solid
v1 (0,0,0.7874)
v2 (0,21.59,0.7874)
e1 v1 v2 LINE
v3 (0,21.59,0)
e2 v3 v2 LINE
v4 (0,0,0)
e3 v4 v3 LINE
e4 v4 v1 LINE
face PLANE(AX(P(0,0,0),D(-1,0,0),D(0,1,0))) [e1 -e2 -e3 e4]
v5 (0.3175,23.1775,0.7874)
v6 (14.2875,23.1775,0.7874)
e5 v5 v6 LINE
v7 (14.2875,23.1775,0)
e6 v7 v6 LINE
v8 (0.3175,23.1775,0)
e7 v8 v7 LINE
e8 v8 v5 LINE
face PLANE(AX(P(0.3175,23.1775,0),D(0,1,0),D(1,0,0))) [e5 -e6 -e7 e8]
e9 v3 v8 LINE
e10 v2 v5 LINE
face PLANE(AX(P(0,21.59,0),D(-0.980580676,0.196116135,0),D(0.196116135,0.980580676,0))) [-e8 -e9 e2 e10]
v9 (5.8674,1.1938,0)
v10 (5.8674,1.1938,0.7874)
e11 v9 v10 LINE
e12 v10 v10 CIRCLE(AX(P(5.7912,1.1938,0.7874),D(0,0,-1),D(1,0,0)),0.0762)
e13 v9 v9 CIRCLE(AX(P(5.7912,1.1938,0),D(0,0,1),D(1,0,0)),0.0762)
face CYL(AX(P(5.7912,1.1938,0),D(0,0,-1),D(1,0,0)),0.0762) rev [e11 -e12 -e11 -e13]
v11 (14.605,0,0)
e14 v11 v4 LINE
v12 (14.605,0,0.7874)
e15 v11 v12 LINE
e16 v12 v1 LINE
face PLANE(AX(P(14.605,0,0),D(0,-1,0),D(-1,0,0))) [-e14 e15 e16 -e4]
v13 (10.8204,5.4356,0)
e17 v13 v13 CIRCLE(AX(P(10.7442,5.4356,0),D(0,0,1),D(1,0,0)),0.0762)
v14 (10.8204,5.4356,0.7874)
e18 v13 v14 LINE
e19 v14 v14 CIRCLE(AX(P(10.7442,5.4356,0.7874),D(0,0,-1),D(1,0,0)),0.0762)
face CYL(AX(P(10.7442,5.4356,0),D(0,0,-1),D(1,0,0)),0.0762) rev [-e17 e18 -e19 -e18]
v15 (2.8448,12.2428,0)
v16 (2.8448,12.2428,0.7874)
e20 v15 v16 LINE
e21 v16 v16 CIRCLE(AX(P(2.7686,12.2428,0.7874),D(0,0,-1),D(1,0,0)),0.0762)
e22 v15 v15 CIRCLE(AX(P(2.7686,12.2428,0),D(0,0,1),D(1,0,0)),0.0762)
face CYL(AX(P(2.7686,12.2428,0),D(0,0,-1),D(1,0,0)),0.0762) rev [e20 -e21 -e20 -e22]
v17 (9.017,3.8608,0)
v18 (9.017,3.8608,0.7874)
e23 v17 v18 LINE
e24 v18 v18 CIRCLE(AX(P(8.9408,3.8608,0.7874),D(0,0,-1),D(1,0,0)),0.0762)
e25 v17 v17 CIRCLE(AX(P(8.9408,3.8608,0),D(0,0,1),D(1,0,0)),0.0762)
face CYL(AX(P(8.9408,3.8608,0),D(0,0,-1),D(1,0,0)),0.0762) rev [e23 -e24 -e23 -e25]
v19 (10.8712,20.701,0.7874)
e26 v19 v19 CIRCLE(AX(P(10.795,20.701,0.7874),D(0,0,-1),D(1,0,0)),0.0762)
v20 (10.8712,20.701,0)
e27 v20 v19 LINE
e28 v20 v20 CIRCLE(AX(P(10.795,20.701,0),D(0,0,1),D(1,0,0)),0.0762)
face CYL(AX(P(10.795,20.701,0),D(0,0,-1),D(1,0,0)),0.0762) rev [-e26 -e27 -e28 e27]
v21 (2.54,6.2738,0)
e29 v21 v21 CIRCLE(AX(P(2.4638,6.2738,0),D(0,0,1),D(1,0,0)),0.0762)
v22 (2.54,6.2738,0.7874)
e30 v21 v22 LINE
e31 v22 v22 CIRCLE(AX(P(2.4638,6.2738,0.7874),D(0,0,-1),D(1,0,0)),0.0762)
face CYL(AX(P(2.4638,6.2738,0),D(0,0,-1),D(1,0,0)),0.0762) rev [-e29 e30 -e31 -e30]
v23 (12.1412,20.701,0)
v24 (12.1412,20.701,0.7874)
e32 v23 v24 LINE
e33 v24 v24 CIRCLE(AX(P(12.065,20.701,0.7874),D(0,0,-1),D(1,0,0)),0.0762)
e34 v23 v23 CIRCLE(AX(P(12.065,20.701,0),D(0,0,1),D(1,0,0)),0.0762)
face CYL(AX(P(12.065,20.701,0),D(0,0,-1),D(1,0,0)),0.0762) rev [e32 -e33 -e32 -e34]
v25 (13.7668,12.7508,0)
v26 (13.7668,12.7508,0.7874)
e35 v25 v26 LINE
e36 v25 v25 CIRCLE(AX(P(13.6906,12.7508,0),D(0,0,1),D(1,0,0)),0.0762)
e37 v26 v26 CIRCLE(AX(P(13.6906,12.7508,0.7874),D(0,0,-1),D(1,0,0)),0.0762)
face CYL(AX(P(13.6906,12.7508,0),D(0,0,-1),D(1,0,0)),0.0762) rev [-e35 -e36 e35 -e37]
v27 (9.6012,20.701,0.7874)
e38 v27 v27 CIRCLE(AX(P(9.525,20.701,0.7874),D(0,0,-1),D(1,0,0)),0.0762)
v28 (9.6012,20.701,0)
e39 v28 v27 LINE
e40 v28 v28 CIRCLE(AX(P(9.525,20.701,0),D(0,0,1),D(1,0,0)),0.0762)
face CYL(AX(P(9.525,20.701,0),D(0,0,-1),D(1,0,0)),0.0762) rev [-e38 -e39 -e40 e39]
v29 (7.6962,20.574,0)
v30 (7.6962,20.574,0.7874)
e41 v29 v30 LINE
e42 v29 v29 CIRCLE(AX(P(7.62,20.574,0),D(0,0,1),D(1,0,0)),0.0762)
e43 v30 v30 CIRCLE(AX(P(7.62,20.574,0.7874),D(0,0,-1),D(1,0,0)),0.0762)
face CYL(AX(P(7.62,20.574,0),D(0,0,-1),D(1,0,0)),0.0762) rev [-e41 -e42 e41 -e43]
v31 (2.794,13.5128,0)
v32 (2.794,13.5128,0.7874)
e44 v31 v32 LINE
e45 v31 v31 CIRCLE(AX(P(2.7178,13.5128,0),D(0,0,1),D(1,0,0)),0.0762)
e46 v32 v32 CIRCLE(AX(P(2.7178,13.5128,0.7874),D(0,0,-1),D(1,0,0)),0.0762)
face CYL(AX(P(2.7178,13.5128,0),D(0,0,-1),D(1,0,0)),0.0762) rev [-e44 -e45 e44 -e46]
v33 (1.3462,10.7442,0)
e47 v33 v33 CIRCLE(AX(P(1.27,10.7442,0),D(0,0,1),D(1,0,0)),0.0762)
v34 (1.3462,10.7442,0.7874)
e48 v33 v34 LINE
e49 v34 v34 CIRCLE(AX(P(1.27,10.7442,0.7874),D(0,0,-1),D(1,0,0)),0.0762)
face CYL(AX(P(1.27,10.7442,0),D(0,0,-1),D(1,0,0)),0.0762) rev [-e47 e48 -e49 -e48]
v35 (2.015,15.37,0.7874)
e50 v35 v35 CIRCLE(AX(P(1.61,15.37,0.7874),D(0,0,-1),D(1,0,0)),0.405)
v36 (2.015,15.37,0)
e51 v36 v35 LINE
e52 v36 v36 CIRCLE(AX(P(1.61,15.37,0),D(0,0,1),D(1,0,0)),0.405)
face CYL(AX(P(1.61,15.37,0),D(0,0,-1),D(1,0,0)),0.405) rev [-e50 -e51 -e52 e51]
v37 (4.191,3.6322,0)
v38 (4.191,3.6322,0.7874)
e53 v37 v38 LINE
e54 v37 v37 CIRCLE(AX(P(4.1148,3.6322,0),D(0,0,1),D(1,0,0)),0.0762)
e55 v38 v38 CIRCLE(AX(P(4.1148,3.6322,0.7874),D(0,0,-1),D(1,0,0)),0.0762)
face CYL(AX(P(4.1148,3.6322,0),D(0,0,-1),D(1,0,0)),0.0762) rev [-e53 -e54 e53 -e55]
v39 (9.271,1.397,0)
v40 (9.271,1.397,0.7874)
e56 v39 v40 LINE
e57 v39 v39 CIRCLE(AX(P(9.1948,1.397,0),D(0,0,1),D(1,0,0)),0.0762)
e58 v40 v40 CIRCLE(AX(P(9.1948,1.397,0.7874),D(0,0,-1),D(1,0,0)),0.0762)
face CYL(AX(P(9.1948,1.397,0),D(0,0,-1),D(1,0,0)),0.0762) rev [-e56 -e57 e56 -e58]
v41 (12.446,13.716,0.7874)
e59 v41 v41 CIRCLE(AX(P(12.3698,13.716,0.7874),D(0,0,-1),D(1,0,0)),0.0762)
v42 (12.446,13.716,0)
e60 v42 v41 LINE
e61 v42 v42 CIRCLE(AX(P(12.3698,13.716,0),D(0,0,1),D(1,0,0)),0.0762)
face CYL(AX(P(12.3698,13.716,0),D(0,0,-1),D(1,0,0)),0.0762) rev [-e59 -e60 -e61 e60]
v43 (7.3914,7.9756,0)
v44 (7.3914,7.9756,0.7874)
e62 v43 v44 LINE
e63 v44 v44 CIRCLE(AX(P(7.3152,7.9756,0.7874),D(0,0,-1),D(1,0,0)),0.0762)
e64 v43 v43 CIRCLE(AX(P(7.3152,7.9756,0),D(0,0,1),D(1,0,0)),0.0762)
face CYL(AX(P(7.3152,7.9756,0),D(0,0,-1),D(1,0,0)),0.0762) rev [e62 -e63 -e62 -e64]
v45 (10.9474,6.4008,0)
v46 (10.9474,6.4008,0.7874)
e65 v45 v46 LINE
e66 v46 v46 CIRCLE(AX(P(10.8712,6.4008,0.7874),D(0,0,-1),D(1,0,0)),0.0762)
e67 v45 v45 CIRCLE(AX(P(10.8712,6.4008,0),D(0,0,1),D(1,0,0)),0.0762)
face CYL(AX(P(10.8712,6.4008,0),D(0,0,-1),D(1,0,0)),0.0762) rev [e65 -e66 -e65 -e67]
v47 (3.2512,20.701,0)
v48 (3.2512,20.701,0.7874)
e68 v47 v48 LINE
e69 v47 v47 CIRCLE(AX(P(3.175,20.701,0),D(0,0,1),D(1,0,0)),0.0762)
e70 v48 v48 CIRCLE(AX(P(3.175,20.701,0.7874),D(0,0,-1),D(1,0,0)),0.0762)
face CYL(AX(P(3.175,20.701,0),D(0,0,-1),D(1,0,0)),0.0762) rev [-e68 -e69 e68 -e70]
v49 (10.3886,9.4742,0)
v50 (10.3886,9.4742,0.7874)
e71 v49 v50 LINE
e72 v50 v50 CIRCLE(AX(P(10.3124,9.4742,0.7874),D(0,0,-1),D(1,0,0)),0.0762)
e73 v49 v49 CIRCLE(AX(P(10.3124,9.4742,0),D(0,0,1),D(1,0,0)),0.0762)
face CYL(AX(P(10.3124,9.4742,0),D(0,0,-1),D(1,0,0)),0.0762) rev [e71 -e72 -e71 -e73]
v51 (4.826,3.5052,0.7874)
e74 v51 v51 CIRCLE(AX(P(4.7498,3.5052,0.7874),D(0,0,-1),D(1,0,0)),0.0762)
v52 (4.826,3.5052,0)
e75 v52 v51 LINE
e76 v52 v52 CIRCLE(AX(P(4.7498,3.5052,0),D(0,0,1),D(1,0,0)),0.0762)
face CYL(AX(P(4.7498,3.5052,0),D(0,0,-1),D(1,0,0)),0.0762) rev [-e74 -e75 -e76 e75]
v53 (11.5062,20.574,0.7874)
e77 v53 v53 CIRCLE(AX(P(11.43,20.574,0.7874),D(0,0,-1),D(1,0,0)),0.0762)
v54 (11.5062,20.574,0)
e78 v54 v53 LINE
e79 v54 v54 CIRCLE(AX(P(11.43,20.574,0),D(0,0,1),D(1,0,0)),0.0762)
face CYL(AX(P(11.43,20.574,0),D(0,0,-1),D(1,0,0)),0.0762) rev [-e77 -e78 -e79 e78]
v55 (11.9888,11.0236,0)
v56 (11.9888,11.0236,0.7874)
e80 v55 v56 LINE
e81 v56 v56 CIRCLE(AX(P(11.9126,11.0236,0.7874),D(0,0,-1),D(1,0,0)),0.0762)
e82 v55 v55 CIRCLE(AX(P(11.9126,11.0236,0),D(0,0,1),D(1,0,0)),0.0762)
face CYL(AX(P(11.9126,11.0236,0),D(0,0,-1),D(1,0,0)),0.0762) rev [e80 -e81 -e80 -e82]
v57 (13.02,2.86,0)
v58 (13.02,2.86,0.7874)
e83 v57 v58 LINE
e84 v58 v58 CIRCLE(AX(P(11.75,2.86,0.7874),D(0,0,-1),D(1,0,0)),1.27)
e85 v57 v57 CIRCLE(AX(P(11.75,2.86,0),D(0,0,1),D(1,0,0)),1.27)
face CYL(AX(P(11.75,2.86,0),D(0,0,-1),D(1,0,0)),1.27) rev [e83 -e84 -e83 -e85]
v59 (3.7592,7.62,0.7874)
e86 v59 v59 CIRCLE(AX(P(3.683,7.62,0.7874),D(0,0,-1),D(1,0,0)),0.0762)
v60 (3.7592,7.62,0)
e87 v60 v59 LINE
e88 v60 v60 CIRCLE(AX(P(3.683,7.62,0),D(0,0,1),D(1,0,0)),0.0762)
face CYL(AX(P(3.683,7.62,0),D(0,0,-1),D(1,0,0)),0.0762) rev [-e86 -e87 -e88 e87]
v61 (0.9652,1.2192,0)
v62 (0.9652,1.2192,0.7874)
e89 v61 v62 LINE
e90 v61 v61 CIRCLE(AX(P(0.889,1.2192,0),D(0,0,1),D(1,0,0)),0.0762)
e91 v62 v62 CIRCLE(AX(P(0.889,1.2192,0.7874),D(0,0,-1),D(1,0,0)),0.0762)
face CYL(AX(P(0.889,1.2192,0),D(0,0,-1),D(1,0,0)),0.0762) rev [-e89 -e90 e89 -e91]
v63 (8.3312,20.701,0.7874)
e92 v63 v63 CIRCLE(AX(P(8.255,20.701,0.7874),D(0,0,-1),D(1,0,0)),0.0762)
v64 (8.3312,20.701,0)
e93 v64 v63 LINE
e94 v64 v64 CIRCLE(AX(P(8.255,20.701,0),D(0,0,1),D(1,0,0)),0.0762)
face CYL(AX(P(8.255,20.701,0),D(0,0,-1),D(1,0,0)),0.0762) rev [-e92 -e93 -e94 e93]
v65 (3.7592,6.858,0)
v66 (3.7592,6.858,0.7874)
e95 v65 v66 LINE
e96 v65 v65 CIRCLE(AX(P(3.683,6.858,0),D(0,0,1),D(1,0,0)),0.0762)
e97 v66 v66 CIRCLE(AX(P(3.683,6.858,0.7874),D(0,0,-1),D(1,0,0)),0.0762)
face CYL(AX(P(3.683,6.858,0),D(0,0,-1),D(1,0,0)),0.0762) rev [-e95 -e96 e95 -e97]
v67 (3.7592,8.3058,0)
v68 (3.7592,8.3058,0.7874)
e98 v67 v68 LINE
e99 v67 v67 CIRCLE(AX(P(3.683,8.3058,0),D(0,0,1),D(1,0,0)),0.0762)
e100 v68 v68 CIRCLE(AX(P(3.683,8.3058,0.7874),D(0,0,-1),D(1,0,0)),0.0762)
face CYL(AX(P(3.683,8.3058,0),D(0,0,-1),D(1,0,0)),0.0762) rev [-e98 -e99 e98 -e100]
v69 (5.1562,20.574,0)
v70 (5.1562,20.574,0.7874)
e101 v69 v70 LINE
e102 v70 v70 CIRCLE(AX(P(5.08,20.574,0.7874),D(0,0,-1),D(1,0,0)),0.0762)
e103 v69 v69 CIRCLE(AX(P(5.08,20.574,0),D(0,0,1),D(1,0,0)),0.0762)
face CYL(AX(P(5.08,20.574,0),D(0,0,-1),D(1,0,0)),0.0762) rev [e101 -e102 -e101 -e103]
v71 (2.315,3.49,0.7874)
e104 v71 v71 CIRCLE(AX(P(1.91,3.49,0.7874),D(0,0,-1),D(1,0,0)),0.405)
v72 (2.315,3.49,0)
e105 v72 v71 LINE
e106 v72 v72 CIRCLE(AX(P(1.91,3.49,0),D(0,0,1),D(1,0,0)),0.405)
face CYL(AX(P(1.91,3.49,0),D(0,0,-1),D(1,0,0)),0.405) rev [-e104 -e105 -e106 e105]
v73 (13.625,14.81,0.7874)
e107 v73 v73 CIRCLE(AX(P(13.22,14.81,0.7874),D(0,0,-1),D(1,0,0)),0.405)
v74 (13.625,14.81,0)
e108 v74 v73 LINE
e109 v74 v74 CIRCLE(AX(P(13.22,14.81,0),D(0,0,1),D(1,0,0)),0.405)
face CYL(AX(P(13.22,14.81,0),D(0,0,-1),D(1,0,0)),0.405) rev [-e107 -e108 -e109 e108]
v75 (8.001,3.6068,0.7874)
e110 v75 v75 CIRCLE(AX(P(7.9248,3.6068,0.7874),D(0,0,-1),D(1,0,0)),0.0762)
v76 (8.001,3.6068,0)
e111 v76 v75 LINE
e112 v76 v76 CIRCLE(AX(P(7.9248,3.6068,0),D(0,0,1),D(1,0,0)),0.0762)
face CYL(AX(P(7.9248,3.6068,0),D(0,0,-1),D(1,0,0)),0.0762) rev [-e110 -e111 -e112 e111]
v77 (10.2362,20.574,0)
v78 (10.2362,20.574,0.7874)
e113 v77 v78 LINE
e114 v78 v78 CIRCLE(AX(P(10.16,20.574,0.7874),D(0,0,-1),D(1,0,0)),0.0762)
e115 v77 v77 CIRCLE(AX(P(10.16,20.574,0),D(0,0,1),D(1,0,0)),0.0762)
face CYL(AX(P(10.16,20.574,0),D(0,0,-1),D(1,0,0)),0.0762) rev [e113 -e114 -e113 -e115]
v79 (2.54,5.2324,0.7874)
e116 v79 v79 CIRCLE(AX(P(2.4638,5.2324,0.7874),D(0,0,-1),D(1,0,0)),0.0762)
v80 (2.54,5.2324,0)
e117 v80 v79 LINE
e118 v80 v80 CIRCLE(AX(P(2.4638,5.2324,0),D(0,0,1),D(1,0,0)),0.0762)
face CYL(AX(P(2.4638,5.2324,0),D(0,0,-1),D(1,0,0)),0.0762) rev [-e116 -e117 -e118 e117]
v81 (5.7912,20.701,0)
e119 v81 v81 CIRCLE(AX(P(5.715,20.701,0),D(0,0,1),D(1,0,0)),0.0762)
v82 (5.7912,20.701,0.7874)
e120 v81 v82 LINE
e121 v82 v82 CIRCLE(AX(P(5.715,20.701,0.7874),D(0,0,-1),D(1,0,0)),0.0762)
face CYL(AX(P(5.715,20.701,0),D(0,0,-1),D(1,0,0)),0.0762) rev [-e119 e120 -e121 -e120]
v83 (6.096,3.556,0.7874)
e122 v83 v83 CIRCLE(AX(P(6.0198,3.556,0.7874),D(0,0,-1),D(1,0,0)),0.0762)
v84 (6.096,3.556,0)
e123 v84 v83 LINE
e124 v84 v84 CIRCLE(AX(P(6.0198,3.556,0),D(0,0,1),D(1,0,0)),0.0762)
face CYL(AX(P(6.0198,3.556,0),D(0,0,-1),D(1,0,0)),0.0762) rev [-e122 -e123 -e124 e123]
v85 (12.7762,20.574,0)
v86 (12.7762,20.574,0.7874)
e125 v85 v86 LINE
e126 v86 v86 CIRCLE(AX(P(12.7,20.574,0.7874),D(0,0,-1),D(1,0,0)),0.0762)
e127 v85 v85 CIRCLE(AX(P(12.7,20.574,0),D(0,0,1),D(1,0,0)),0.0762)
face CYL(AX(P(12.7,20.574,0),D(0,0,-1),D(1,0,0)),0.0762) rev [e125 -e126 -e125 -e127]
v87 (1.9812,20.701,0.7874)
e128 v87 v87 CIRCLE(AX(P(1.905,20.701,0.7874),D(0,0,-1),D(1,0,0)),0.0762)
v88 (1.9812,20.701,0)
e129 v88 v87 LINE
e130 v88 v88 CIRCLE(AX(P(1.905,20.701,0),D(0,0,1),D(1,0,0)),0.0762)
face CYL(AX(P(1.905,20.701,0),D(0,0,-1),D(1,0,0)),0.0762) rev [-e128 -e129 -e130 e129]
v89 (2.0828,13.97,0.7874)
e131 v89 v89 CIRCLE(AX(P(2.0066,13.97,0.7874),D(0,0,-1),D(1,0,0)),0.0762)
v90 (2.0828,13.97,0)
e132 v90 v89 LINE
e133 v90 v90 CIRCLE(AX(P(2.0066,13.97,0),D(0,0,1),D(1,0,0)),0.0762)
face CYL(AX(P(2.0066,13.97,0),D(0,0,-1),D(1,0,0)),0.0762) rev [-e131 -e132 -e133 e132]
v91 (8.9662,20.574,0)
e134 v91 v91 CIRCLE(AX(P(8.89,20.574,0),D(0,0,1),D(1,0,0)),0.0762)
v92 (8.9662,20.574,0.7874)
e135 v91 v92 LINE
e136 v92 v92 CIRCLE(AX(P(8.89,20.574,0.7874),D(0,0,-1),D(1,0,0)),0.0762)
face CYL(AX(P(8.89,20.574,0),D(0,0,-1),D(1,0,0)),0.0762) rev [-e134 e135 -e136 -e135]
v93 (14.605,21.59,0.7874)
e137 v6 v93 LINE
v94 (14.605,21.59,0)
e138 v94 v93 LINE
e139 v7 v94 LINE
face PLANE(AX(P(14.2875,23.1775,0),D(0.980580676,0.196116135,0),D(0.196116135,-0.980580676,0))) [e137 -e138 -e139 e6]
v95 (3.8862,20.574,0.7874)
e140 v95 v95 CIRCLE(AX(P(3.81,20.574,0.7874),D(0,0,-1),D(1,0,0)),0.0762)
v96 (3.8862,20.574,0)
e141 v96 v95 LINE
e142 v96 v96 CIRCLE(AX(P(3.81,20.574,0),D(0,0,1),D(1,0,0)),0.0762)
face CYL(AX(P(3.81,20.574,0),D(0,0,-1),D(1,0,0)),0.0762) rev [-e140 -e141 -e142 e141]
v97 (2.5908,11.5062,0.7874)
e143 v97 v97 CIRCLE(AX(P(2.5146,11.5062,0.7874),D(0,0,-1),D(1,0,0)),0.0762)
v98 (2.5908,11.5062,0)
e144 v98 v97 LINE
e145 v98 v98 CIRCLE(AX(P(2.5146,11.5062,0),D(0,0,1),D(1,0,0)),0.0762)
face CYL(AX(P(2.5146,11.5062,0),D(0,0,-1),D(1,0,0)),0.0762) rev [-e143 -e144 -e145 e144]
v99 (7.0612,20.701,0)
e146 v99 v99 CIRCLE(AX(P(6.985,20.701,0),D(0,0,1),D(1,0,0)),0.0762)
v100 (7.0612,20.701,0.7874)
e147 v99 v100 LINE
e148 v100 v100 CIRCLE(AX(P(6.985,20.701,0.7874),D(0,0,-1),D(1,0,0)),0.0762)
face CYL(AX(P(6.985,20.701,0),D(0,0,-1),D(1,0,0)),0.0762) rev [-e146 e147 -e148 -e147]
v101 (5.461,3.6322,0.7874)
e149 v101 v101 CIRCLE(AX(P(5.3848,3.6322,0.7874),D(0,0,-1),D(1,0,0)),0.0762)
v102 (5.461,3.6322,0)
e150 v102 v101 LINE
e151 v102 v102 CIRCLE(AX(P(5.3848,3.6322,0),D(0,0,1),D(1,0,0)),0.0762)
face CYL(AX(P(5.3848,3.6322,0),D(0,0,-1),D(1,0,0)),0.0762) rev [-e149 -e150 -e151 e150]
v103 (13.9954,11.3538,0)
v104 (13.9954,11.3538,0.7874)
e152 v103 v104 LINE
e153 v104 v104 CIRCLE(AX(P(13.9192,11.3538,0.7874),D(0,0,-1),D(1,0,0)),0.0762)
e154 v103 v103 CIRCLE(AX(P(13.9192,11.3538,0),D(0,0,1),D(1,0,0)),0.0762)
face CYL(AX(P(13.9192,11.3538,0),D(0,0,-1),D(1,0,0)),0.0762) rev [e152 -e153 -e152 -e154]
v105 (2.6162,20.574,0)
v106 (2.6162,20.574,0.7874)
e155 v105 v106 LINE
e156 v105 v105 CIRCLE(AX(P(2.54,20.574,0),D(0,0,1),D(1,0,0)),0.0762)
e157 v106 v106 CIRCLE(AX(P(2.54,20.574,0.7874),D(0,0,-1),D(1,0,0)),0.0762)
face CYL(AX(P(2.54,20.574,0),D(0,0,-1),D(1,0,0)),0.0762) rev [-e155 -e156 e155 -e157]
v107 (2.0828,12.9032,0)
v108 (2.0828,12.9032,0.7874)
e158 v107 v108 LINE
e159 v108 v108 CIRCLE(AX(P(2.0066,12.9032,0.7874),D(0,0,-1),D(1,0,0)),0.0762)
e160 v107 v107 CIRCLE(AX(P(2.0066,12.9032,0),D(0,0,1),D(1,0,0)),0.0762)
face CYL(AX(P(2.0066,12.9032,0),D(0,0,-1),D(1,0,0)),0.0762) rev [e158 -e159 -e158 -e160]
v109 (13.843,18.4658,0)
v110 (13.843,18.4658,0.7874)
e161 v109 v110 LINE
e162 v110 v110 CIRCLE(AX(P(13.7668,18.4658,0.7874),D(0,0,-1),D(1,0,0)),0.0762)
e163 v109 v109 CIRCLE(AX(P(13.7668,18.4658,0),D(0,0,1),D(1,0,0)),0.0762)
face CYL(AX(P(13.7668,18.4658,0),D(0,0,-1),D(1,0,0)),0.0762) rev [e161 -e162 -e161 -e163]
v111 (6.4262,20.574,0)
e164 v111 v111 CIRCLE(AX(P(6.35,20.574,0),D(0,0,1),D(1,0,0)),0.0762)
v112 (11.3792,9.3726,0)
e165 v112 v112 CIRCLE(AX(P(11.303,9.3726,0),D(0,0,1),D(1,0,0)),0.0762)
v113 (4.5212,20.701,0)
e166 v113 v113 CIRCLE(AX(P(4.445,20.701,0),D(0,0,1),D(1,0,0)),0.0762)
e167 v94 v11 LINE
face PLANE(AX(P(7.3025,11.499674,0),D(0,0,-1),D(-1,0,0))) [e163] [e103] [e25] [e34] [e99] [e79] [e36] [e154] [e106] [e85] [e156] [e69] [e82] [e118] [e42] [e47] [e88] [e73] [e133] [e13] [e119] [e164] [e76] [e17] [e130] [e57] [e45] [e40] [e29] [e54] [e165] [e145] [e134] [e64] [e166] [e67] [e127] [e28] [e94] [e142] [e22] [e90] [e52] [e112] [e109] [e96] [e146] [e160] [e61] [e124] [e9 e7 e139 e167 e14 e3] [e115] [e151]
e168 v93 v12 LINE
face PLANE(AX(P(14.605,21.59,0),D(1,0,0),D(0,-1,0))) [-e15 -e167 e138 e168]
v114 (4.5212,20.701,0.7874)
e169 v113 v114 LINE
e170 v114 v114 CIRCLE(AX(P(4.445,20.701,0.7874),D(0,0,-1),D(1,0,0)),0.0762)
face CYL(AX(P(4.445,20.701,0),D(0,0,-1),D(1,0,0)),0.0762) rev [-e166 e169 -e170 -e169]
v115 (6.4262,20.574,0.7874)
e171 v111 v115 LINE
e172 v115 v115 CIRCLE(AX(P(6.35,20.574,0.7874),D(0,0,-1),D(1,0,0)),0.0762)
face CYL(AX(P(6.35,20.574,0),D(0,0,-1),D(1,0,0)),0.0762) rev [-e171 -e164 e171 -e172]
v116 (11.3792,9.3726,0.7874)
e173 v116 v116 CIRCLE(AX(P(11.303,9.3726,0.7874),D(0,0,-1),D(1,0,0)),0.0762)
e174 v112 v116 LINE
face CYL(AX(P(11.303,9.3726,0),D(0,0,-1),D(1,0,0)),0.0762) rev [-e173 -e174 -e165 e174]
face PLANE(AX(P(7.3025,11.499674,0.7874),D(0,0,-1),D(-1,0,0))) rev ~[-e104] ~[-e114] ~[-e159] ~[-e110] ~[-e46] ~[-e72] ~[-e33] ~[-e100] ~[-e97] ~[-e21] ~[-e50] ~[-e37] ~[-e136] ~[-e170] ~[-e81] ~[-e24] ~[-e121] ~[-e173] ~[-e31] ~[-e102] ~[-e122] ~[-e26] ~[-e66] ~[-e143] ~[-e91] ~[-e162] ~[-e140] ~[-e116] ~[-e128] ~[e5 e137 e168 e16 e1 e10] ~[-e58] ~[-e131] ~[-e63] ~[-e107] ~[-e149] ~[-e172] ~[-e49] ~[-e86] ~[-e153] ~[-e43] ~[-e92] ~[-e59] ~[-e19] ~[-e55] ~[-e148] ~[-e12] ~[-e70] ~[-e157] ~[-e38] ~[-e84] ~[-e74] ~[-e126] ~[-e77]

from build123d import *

# Parameters (mm, degrees)
BOARD_OUTLINE_DEPTH = 0.7874
SKETCH2_R           = 0.0762
NPTH_DEPTH          = 1.7874
SKETCH3_R           = 0.405
SKETCH3_R_2         = 1.27
PTH_DEPTH           = 1.7874


with BuildPart() as part:
    # Sketch1 → Board_Outline (new body)
    with BuildSketch(Plane.XY):
        Polygon((14.605, 0), (0, 0), (0, 21.59), (0.3175, 23.1775), (14.2875, 23.1775), (14.605, 21.59), align=None)
    extrude(amount=BOARD_OUTLINE_DEPTH)

    # Sketch2 → NPTH (cut, through all)
    with BuildSketch(Plane.XY):
        with Locations((2.4638, 6.2738)):
            Circle(SKETCH2_R)
        with Locations((7.9248, 3.6068)):
            Circle(SKETCH2_R)
        with Locations((11.303, 9.3726)):
            Circle(SKETCH2_R)
        with Locations((10.3124, 9.4742)):
            Circle(SKETCH2_R)
        with Locations((13.7668, 18.4658)):
            Circle(SKETCH2_R)
        with Locations((1.27, 10.7442)):
            Circle(SKETCH2_R)
        with Locations((1.905, 20.701)):
            Circle(SKETCH2_R)
        with Locations((2.5146, 11.5062)):
            Circle(SKETCH2_R)
        with Locations((11.9126, 11.0236)):
            Circle(SKETCH2_R)
        with Locations((11.43, 20.574)):
            Circle(SKETCH2_R)
        with Locations((10.795, 20.701)):
            Circle(SKETCH2_R)
        with Locations((4.1148, 3.6322)):
            Circle(SKETCH2_R)
        with Locations((8.9408, 3.8608)):
            Circle(SKETCH2_R)
        with Locations((3.683, 8.3058)):
            Circle(SKETCH2_R)
        with Locations((4.7498, 3.5052)):
            Circle(SKETCH2_R)
        with Locations((12.065, 20.701)):
            Circle(SKETCH2_R)
        with Locations((10.16, 20.574)):
            Circle(SKETCH2_R)
        with Locations((9.525, 20.701)):
            Circle(SKETCH2_R)
        with Locations((8.89, 20.574)):
            Circle(SKETCH2_R)
        with Locations((10.7442, 5.4356)):
            Circle(SKETCH2_R)
        with Locations((3.683, 7.62)):
            Circle(SKETCH2_R)
        with Locations((9.1948, 1.397)):
            Circle(SKETCH2_R)
        with Locations((3.683, 6.858)):
            Circle(SKETCH2_R)
        with Locations((7.3152, 7.9756)):
            Circle(SKETCH2_R)
        with Locations((6.0198, 3.556)):
            Circle(SKETCH2_R)
        with Locations((5.3848, 3.6322)):
            Circle(SKETCH2_R)
        with Locations((8.255, 20.701)):
            Circle(SKETCH2_R)
        with Locations((7.62, 20.574)):
            Circle(SKETCH2_R)
        with Locations((6.985, 20.701)):
            Circle(SKETCH2_R)
        with Locations((6.35, 20.574)):
            Circle(SKETCH2_R)
        with Locations((5.715, 20.701)):
            Circle(SKETCH2_R)
        with Locations((5.08, 20.574)):
            Circle(SKETCH2_R)
        with Locations((4.445, 20.701)):
            Circle(SKETCH2_R)
        with Locations((3.81, 20.574)):
            Circle(SKETCH2_R)
        with Locations((3.175, 20.701)):
            Circle(SKETCH2_R)
        with Locations((2.54, 20.574)):
            Circle(SKETCH2_R)
        with Locations((2.0066, 13.97)):
            Circle(SKETCH2_R)
        with Locations((12.7, 20.574)):
            Circle(SKETCH2_R)
        with Locations((0.889, 1.2192)):
            Circle(SKETCH2_R)
        with Locations((13.6906, 12.7508)):
            Circle(SKETCH2_R)
        with Locations((2.0066, 12.9032)):
            Circle(SKETCH2_R)
        with Locations((12.3698, 13.716)):
            Circle(SKETCH2_R)
        with Locations((5.7912, 1.1938)):
            Circle(SKETCH2_R)
        with Locations((2.4638, 5.2324)):
            Circle(SKETCH2_R)
        with Locations((2.7178, 13.5128)):
            Circle(SKETCH2_R)
        with Locations((10.8712, 6.4008)):
            Circle(SKETCH2_R)
        with Locations((13.9192, 11.3538)):
            Circle(SKETCH2_R)
        with Locations((2.7686, 12.2428)):
            Circle(SKETCH2_R)
    extrude(amount=NPTH_DEPTH, mode=Mode.SUBTRACT)

    # Sketch3 → PTH (cut, through all)
    with BuildSketch(Plane.XY):
        with Locations((1.61, 15.37)):
            Circle(SKETCH3_R)
        with Locations((11.75, 2.86)):
            Circle(SKETCH3_R_2)
        with Locations((13.22, 14.81)):
            Circle(SKETCH3_R)
        with Locations((1.91, 3.49)):
            Circle(SKETCH3_R)
    extrude(amount=PTH_DEPTH, mode=Mode.SUBTRACT)


solid = part.part
